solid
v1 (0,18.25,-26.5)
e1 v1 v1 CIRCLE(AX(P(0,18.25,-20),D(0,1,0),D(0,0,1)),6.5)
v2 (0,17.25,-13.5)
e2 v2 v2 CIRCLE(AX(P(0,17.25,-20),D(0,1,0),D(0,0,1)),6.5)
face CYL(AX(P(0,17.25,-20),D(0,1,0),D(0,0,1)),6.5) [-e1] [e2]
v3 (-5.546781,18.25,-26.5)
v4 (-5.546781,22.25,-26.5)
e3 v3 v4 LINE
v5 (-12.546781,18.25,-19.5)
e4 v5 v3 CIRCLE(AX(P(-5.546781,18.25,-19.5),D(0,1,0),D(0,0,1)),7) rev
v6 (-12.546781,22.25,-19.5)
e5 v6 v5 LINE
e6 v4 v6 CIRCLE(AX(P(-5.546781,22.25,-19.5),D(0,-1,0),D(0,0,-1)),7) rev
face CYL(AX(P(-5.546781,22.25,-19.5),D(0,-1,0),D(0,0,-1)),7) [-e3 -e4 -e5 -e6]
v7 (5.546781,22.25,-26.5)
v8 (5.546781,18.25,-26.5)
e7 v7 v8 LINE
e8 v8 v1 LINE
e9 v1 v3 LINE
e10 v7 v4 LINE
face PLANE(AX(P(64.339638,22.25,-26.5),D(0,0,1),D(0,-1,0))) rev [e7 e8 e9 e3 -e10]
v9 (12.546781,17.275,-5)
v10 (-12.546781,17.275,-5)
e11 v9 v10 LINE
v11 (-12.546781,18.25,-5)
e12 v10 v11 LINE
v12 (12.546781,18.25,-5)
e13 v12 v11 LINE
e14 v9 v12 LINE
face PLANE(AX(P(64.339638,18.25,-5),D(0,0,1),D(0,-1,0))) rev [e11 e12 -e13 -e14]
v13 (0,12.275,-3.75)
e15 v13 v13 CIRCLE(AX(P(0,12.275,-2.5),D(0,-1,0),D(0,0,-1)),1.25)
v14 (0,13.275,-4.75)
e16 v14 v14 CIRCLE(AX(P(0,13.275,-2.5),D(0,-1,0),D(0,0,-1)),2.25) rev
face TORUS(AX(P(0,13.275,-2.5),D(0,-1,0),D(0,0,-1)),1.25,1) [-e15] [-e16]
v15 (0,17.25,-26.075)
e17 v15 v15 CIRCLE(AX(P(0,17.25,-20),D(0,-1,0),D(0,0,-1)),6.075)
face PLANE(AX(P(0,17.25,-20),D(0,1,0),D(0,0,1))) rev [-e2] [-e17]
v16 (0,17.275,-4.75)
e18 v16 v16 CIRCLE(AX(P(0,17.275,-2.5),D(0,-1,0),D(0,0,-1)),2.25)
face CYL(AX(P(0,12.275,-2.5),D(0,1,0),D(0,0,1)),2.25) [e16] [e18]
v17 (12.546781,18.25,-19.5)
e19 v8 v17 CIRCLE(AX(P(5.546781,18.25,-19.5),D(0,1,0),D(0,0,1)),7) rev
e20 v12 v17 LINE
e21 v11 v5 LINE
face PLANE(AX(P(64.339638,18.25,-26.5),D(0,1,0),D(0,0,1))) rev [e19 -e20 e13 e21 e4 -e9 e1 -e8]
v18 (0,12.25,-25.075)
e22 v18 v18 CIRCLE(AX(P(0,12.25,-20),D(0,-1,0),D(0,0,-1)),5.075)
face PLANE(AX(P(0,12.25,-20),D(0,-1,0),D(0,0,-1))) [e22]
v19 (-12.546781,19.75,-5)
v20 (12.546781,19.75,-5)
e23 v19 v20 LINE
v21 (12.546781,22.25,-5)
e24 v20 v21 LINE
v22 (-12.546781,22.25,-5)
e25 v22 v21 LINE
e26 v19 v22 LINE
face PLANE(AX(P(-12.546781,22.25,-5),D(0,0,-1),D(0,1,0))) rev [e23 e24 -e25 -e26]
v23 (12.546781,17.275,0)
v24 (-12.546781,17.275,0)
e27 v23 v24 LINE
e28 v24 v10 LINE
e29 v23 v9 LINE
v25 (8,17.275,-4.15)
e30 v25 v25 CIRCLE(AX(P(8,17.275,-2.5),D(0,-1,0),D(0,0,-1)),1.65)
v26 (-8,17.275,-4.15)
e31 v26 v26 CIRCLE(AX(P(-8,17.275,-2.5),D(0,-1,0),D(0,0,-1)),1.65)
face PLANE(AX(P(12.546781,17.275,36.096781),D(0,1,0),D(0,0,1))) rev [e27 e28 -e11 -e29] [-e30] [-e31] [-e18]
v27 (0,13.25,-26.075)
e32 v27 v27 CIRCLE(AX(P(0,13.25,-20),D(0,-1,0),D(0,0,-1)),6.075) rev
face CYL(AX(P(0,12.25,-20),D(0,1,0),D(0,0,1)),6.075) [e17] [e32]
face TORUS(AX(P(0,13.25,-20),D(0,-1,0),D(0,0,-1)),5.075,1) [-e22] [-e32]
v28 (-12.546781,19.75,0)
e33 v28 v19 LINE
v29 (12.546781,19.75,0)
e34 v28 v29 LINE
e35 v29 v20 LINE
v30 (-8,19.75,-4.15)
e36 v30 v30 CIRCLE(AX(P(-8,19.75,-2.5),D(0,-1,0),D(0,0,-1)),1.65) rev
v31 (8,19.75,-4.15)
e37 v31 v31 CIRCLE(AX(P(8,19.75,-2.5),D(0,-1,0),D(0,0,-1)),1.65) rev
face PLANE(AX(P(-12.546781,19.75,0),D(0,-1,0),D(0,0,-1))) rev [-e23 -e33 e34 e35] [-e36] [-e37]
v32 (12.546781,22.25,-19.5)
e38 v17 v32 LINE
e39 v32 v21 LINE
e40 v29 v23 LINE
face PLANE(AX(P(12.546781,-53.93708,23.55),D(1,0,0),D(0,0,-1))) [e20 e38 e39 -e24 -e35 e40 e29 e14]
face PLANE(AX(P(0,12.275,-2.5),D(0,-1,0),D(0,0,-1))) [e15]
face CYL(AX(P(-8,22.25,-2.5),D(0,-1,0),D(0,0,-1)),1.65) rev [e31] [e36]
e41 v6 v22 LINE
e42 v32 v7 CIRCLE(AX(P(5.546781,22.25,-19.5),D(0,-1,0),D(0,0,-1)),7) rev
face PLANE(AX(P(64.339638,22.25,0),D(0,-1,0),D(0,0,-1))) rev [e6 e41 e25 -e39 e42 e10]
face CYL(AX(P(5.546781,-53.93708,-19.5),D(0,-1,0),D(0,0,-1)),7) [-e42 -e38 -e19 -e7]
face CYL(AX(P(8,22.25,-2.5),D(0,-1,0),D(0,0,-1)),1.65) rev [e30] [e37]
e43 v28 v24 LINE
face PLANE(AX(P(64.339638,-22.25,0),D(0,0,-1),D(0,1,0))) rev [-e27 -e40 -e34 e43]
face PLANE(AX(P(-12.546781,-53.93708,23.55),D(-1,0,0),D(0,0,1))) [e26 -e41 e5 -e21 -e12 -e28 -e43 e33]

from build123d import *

# Parameters (mm, degrees)
SKETCH4_W                = 12.46
SKETCH4_H                = 17.25
BOSS_EXTRUDE3_DEPTH      = 6
SKETCH8_R                = 12.546781182
SKETCH8_R_2              = 11.15
BOSS_EXTRUDE6_DEPTH      = 8.3
BOSS_EXTRUDE6_DEPTH_BACK = 17.25
BOSS_EXTRUDE4_DEPTH      = 17.25
SKETCH6_R                = 0.75
CUT_EXTRUDE1_DEPTH       = 5
CHAMFER1_SIZE            = 0.5
CHAMFER1_SIZE2           = 0.866025404
SKETCH10_W               = 12.46
SKETCH10_H               = 23.7
CUT_EXTRUDE3_DEPTH       = 17.25
BOSS_EXTRUDE7_DEPTH      = 8.3
BOSS_EXTRUDE9_DEPTH      = 10
SKETCH20_R               = 11.15
SKETCH20_R_2             = 7.15
BOSS_EXTRUDE11_DEPTH     = 8.3
SKETCH21_R               = 10.15
SKETCH21_R_2             = 7.15
CUT_EXTRUDE7_DEPTH       = 1.3
SKETCH11_W               = 10
SKETCH11_H               = 2
CUT_EXTRUDE4_DEPTH       = 23.7
CUT_EXTRUDE8_REACH       = 37.55
SKETCH24_W               = 12.46
SKETCH24_H               = 6
BOSS_EXTRUDE10_DEPTH     = 25.093562
SKETCH18_W               = 21.5
SKETCH18_H               = 12.438292938
CUT_EXTRUDE5_DEPTH       = 2
SKETCH19_R               = 3.5
CUT_EXTRUDE6_DEPTH       = 43.5
CUT_EXTRUDE6_DEPTH_BACK  = 3
FILLET1_R                = 7
SKETCH22_R               = 6.5
BOSS_EXTRUDE12_DEPTH     = 5
SKETCH23_R               = 6.075
BOSS_EXTRUDE13_DEPTH     = 5
FILLET2_R                = 1
BOSS_EXTRUDE15_DEPTH     = 2
CUT_EXTRUDE9_REACH       = 46.5
SKETCH26_R               = 0.75
CUT_EXTRUDE10_DEPTH      = 26.093562364
SKETCH28_R               = 1.65
CUT_EXTRUDE11_DEPTH      = 5.975
SKETCH29_R               = 2.25
BOSS_EXTRUDE16_DEPTH     = 5
FILLET3_R                = 1
SKETCH30_W               = 5
SKETCH30_H               = 2.5
CUT_EXTRUDE12_DEPTH      = 26.093562364


with BuildPart() as part:
    # Sketch4 → Boss-Extrude3 (new body)
    with BuildSketch(Plane.XY):
        with Locations((0, -1.35)):
            Rectangle(SKETCH4_W, SKETCH4_H)
    extrude(amount=BOSS_EXTRUDE3_DEPTH)



with BuildPart() as body_2:
    # Sketch8 → Boss-Extrude6 (new body, two sides)
    with BuildSketch(Plane(origin=(0, -9.975, 0), x_dir=(-1, 0, 0), z_dir=(0, -1, 0))) as boss_extrude6_sk:
        with Locations((0, -23.55)):
            Circle(SKETCH8_R)
        with Locations((0, -23.55)):
            Circle(SKETCH8_R_2, mode=Mode.SUBTRACT)
    extrude(amount=BOSS_EXTRUDE6_DEPTH)
    extrude(boss_extrude6_sk.sketch, amount=-BOSS_EXTRUDE6_DEPTH_BACK)


with BuildPart() as part_1:
    add(part.part)

    add(body_2.part)  # Boss-Extrude4 merges body 2
    # Sketch5 → Boss-Extrude4 (add)
    with BuildSketch(Plane(origin=(0, 7.275, 0), x_dir=(1, 0, 0), z_dir=(0, 1, 0))):
        with BuildLine():
            Line((12.546781182, -23.55), (12.546781182, 0))
            Line((12.546781182, 0), (6.23, 0))
            Line((6.23, 0), (6.23, -29.7))
            Line((6.23, -29.7), (-6.23, -29.7))
            Line((-6.23, -29.7), (-6.23, 0))
            Line((-6.23, 0), (-12.546781182, 0))
            Line((-12.546781182, 0), (-12.546781182, -23.55))
            ThreePointArc((-12.546781182, -23.55), (0, -36.096781182), (12.546781182, -23.55))
        make_face()
    extrude(amount=-BOSS_EXTRUDE4_DEPTH)

    # Sketch6 → Cut-Extrude1 (cut)
    with BuildSketch(Plane(origin=(0, 7.275, 0), x_dir=(1, 0, 0), z_dir=(0, 1, 0))):
        with Locations((0, -3.6)):
            Circle(SKETCH6_R)
        with Locations((0, -32.1)):
            Circle(SKETCH6_R)
    extrude(amount=-CUT_EXTRUDE1_DEPTH, mode=Mode.SUBTRACT)

    # Chamfer1
    chamfer1_edges = [part_1.edges().sort_by_distance(p)[0] for p in [
        (-0.75, 7.275, 3.6),
        (-0.75, 7.275, 32.1),
    ]]
    chamfer1_side = [part_1.faces().sort_by_distance(p)[0] for p in [
        (0, 7.275, 35.657160381),
    ]]
    chamfer(chamfer1_edges, length=CHAMFER1_SIZE, length2=CHAMFER1_SIZE2, reference=chamfer1_side[0])

    # Sketch10 → Cut-Extrude3 (cut)
    with BuildSketch(Plane(origin=(0, 7.275, 0), x_dir=(1, 0, 0), z_dir=(0, 1, 0))):
        with Locations((0, -17.85)):
            Rectangle(SKETCH10_W, SKETCH10_H)
    extrude(amount=-CUT_EXTRUDE3_DEPTH, mode=Mode.SUBTRACT)

    # Sketch13 → Boss-Extrude7 (add)
    with BuildSketch(Plane.XZ.offset(18.275)):
        with BuildLine():
            Line((-12.546781182, 23.55), (-12.546781182, 0))
            Line((-12.546781182, 0), (12.546781182, 0))
            Line((12.546781182, 0), (12.546781182, 23.55))
            ThreePointArc((12.546781182, 23.55), (0, 11.003218818), (-12.546781182, 23.55))
        make_face()
    extrude(amount=-BOSS_EXTRUDE7_DEPTH)

    # Sketch15 → Boss-Extrude9 (add)
    with BuildSketch(Plane(origin=(0, 7.275, 0), x_dir=(1, 0, 0), z_dir=(0, 1, 0))):
        with BuildLine():
            Line((-12.546781182, 0), (12.546781182, 0))
            Line((12.546781182, 0), (12.546781182, -23.55))
            ThreePointArc((12.546781182, -23.55), (0, -36.096781182), (-12.546781182, -23.55))
            Line((-12.546781182, -23.55), (-12.546781182, 0))
        make_face()
        with BuildLine():
            Line((-6.23, -0.8), (6.23, -0.8))
            Line((6.23, -0.8), (6.23, -33))
            ThreePointArc((6.23, -33), (5.790660172, -34.060660172), (4.73, -34.5))
            Line((4.73, -34.5), (-4.73, -34.5))
            ThreePointArc((-4.73, -34.5), (-5.790660172, -34.060660172), (-6.23, -33))
            Line((-6.23, -33), (-6.23, -0.8))
        make_face(mode=Mode.SUBTRACT)
    extrude(amount=BOSS_EXTRUDE9_DEPTH)

    # Sketch20 → Boss-Extrude11 (add)
    with BuildSketch(Plane.XZ.offset(18.275)):
        with Locations((0, 23.55)):
            Circle(SKETCH20_R)
        with Locations((0, 23.55)):
            Circle(SKETCH20_R_2, mode=Mode.SUBTRACT)
    extrude(amount=-BOSS_EXTRUDE11_DEPTH)

    # Sketch21 → Cut-Extrude7 (cut)
    with BuildSketch(Plane.XZ.offset(18.275)):
        with Locations((0, 23.55)):
            Circle(SKETCH21_R)
        with Locations((0, 23.55)):
            Circle(SKETCH21_R_2, mode=Mode.SUBTRACT)
    extrude(amount=-CUT_EXTRUDE7_DEPTH, mode=Mode.SUBTRACT)

    # Sketch11 → Cut-Extrude4 (cut)
    with BuildSketch(Plane.XY.offset(29.7)):
        with Locations((0, -10.975)):
            Rectangle(SKETCH11_W, SKETCH11_H)
    extrude(amount=-CUT_EXTRUDE4_DEPTH, mode=Mode.SUBTRACT)

    # Sketch24 → Cut-Extrude8 (cut, up to next)
    with BuildSketch(Plane.XZ.offset(18.275), mode=Mode.PRIVATE) as cut_extrude8_sk1:
        with Locations((0, 9)):
            Rectangle(SKETCH24_W, SKETCH24_H)
    cut_extrude8_tool1 = extrude(cut_extrude8_sk1.sketch, amount=-CUT_EXTRUDE8_REACH, mode=Mode.PRIVATE) & part_1.part
    add(cut_extrude8_tool1.solids().sort_by_distance((0, -18.275, 9))[0], mode=Mode.SUBTRACT)

    # Sketch17 → Boss-Extrude10 (add)
    with BuildSketch(Plane(origin=(-12.546781182, 4.728218818, 0), x_dir=(0, -1, 0), z_dir=(1, 0, 0))):
        Polygon((26.978218818, 26.5), (26.978218818, 0), (-17.521781182, 0), (-17.521781182, 26.5), (-13.521781182, 26.5), (-13.521781182, 5), (22.978218818, 5), (22.978218818, 26.5), align=None)
    extrude(amount=BOSS_EXTRUDE10_DEPTH)

    # Sketch18 → Cut-Extrude5 (cut)
    with BuildSketch(Plane.ZX.offset(-18.25)):
        with Locations((-15.75, 0)):
            Rectangle(SKETCH18_W, SKETCH18_H)
    extrude(amount=-CUT_EXTRUDE5_DEPTH, mode=Mode.SUBTRACT)

    # Sketch19 → Cut-Extrude6 (cut, two sides)
    with BuildSketch(Plane.ZX.offset(-20.25)) as cut_extrude6_sk:
        with Locations((-20, 0)):
            Circle(SKETCH19_R)
    extrude(amount=CUT_EXTRUDE6_DEPTH, mode=Mode.SUBTRACT)
    extrude(cut_extrude6_sk.sketch, amount=-CUT_EXTRUDE6_DEPTH_BACK, mode=Mode.SUBTRACT)

    # Fillet1
    fillet1_edges = [part_1.edges().sort_by_distance(p)[0] for p in [
        (12.546780818, -20.25, -26.5),
        (-12.546781182, -20.25, -26.5),
        (-12.546781182, 20.25, -26.5),
        (12.546780818, 20.25, -26.5),
    ]]
    fillet(fillet1_edges, radius=FILLET1_R)

    # Sketch22 → Boss-Extrude12 (add)
    with BuildSketch(Plane(origin=(0, 22.25, 0), x_dir=(1, 0, 0), z_dir=(0, 1, 0))):
        with Locations((0, 20)):
            Circle(SKETCH22_R)
    extrude(amount=-BOSS_EXTRUDE12_DEPTH)

    # Sketch23 → Boss-Extrude13 (add)
    with BuildSketch(Plane.XZ.offset(-17.25)):
        with Locations((0, -20)):
            Circle(SKETCH23_R)
    extrude(amount=BOSS_EXTRUDE13_DEPTH)

    # Fillet2
    fillet2_edges = [part_1.edges().sort_by_distance(p)[0] for p in [
        (-6.075, 12.25, -20),
    ]]
    fillet(fillet2_edges, radius=FILLET2_R)

    # Sketch25 → Boss-Extrude15 (add)
    with BuildSketch(Plane(origin=(0, -20.25, 0), x_dir=(1, 0, 0), z_dir=(0, 1, 0))):
        Polygon((-6.219146469, 5), (-2.5, 5), (-3.1585, 20), (-3.44385, 26.5), (-6.219146469, 26.5), align=None)
        Polygon((6.219146469, 5), (2.5, 5), (3.1585, 20), (3.44385, 26.5), (6.219146469, 26.5), align=None)
    extrude(amount=BOSS_EXTRUDE15_DEPTH)

    # Sketch26 → Cut-Extrude9 (cut, up to next)
    with BuildSketch(Plane(origin=(0, -22.25, 0), x_dir=(-1, 0, 0), z_dir=(0, -1, 0)), mode=Mode.PRIVATE) as cut_extrude9_sk1:
        with Locations((0, 10)):
            Circle(SKETCH26_R)
    cut_extrude9_tool1 = extrude(cut_extrude9_sk1.sketch, amount=-CUT_EXTRUDE9_REACH, mode=Mode.PRIVATE) & part_1.part
    add(cut_extrude9_tool1.solids().sort_by_distance((0, -22.25, -10))[0], mode=Mode.SUBTRACT)

    # Sketch27 → Cut-Extrude10 (cut, through all)
    with BuildSketch(Plane.ZY.offset(12.546781182)):
        Polygon((36.096781182, 17.275), (-10.020668602, 17.275), (-10.020668602, 5.331631915), (-33.329469664, 5.331631915), (-33.329469664, -27.204993615), (36.096781182, -27.204993615), align=None)
    extrude(amount=-CUT_EXTRUDE10_DEPTH, mode=Mode.SUBTRACT)

    # Sketch28 → Cut-Extrude11 (cut, through all)
    with BuildSketch(Plane.XZ.offset(-17.275)):
        with Locations((-8, -2.5)):
            Circle(SKETCH28_R)
        with Locations((8, -2.5)):
            Circle(SKETCH28_R)
    extrude(amount=-CUT_EXTRUDE11_DEPTH, mode=Mode.SUBTRACT)

    # Sketch29 → Boss-Extrude16 (add)
    with BuildSketch(Plane.XZ.offset(-17.275)):
        with Locations((0, -2.5)):
            Circle(SKETCH29_R)
    extrude(amount=BOSS_EXTRUDE16_DEPTH)

    # Fillet3
    fillet3_edges = [part_1.edges().sort_by_distance(p)[0] for p in [
        (-2.25, 12.275, -2.5),
    ]]
    fillet(fillet3_edges, radius=FILLET3_R)

    # Sketch30 → Cut-Extrude12 (cut, through all)
    with BuildSketch(Plane(origin=(12.546781182, 0, 0), x_dir=(0, 0, -1), z_dir=(1, 0, 0))):
        with Locations((2.5, 21)):
            Rectangle(SKETCH30_W, SKETCH30_H)
    extrude(amount=-CUT_EXTRUDE12_DEPTH, mode=Mode.SUBTRACT)


solid = part_1.part
